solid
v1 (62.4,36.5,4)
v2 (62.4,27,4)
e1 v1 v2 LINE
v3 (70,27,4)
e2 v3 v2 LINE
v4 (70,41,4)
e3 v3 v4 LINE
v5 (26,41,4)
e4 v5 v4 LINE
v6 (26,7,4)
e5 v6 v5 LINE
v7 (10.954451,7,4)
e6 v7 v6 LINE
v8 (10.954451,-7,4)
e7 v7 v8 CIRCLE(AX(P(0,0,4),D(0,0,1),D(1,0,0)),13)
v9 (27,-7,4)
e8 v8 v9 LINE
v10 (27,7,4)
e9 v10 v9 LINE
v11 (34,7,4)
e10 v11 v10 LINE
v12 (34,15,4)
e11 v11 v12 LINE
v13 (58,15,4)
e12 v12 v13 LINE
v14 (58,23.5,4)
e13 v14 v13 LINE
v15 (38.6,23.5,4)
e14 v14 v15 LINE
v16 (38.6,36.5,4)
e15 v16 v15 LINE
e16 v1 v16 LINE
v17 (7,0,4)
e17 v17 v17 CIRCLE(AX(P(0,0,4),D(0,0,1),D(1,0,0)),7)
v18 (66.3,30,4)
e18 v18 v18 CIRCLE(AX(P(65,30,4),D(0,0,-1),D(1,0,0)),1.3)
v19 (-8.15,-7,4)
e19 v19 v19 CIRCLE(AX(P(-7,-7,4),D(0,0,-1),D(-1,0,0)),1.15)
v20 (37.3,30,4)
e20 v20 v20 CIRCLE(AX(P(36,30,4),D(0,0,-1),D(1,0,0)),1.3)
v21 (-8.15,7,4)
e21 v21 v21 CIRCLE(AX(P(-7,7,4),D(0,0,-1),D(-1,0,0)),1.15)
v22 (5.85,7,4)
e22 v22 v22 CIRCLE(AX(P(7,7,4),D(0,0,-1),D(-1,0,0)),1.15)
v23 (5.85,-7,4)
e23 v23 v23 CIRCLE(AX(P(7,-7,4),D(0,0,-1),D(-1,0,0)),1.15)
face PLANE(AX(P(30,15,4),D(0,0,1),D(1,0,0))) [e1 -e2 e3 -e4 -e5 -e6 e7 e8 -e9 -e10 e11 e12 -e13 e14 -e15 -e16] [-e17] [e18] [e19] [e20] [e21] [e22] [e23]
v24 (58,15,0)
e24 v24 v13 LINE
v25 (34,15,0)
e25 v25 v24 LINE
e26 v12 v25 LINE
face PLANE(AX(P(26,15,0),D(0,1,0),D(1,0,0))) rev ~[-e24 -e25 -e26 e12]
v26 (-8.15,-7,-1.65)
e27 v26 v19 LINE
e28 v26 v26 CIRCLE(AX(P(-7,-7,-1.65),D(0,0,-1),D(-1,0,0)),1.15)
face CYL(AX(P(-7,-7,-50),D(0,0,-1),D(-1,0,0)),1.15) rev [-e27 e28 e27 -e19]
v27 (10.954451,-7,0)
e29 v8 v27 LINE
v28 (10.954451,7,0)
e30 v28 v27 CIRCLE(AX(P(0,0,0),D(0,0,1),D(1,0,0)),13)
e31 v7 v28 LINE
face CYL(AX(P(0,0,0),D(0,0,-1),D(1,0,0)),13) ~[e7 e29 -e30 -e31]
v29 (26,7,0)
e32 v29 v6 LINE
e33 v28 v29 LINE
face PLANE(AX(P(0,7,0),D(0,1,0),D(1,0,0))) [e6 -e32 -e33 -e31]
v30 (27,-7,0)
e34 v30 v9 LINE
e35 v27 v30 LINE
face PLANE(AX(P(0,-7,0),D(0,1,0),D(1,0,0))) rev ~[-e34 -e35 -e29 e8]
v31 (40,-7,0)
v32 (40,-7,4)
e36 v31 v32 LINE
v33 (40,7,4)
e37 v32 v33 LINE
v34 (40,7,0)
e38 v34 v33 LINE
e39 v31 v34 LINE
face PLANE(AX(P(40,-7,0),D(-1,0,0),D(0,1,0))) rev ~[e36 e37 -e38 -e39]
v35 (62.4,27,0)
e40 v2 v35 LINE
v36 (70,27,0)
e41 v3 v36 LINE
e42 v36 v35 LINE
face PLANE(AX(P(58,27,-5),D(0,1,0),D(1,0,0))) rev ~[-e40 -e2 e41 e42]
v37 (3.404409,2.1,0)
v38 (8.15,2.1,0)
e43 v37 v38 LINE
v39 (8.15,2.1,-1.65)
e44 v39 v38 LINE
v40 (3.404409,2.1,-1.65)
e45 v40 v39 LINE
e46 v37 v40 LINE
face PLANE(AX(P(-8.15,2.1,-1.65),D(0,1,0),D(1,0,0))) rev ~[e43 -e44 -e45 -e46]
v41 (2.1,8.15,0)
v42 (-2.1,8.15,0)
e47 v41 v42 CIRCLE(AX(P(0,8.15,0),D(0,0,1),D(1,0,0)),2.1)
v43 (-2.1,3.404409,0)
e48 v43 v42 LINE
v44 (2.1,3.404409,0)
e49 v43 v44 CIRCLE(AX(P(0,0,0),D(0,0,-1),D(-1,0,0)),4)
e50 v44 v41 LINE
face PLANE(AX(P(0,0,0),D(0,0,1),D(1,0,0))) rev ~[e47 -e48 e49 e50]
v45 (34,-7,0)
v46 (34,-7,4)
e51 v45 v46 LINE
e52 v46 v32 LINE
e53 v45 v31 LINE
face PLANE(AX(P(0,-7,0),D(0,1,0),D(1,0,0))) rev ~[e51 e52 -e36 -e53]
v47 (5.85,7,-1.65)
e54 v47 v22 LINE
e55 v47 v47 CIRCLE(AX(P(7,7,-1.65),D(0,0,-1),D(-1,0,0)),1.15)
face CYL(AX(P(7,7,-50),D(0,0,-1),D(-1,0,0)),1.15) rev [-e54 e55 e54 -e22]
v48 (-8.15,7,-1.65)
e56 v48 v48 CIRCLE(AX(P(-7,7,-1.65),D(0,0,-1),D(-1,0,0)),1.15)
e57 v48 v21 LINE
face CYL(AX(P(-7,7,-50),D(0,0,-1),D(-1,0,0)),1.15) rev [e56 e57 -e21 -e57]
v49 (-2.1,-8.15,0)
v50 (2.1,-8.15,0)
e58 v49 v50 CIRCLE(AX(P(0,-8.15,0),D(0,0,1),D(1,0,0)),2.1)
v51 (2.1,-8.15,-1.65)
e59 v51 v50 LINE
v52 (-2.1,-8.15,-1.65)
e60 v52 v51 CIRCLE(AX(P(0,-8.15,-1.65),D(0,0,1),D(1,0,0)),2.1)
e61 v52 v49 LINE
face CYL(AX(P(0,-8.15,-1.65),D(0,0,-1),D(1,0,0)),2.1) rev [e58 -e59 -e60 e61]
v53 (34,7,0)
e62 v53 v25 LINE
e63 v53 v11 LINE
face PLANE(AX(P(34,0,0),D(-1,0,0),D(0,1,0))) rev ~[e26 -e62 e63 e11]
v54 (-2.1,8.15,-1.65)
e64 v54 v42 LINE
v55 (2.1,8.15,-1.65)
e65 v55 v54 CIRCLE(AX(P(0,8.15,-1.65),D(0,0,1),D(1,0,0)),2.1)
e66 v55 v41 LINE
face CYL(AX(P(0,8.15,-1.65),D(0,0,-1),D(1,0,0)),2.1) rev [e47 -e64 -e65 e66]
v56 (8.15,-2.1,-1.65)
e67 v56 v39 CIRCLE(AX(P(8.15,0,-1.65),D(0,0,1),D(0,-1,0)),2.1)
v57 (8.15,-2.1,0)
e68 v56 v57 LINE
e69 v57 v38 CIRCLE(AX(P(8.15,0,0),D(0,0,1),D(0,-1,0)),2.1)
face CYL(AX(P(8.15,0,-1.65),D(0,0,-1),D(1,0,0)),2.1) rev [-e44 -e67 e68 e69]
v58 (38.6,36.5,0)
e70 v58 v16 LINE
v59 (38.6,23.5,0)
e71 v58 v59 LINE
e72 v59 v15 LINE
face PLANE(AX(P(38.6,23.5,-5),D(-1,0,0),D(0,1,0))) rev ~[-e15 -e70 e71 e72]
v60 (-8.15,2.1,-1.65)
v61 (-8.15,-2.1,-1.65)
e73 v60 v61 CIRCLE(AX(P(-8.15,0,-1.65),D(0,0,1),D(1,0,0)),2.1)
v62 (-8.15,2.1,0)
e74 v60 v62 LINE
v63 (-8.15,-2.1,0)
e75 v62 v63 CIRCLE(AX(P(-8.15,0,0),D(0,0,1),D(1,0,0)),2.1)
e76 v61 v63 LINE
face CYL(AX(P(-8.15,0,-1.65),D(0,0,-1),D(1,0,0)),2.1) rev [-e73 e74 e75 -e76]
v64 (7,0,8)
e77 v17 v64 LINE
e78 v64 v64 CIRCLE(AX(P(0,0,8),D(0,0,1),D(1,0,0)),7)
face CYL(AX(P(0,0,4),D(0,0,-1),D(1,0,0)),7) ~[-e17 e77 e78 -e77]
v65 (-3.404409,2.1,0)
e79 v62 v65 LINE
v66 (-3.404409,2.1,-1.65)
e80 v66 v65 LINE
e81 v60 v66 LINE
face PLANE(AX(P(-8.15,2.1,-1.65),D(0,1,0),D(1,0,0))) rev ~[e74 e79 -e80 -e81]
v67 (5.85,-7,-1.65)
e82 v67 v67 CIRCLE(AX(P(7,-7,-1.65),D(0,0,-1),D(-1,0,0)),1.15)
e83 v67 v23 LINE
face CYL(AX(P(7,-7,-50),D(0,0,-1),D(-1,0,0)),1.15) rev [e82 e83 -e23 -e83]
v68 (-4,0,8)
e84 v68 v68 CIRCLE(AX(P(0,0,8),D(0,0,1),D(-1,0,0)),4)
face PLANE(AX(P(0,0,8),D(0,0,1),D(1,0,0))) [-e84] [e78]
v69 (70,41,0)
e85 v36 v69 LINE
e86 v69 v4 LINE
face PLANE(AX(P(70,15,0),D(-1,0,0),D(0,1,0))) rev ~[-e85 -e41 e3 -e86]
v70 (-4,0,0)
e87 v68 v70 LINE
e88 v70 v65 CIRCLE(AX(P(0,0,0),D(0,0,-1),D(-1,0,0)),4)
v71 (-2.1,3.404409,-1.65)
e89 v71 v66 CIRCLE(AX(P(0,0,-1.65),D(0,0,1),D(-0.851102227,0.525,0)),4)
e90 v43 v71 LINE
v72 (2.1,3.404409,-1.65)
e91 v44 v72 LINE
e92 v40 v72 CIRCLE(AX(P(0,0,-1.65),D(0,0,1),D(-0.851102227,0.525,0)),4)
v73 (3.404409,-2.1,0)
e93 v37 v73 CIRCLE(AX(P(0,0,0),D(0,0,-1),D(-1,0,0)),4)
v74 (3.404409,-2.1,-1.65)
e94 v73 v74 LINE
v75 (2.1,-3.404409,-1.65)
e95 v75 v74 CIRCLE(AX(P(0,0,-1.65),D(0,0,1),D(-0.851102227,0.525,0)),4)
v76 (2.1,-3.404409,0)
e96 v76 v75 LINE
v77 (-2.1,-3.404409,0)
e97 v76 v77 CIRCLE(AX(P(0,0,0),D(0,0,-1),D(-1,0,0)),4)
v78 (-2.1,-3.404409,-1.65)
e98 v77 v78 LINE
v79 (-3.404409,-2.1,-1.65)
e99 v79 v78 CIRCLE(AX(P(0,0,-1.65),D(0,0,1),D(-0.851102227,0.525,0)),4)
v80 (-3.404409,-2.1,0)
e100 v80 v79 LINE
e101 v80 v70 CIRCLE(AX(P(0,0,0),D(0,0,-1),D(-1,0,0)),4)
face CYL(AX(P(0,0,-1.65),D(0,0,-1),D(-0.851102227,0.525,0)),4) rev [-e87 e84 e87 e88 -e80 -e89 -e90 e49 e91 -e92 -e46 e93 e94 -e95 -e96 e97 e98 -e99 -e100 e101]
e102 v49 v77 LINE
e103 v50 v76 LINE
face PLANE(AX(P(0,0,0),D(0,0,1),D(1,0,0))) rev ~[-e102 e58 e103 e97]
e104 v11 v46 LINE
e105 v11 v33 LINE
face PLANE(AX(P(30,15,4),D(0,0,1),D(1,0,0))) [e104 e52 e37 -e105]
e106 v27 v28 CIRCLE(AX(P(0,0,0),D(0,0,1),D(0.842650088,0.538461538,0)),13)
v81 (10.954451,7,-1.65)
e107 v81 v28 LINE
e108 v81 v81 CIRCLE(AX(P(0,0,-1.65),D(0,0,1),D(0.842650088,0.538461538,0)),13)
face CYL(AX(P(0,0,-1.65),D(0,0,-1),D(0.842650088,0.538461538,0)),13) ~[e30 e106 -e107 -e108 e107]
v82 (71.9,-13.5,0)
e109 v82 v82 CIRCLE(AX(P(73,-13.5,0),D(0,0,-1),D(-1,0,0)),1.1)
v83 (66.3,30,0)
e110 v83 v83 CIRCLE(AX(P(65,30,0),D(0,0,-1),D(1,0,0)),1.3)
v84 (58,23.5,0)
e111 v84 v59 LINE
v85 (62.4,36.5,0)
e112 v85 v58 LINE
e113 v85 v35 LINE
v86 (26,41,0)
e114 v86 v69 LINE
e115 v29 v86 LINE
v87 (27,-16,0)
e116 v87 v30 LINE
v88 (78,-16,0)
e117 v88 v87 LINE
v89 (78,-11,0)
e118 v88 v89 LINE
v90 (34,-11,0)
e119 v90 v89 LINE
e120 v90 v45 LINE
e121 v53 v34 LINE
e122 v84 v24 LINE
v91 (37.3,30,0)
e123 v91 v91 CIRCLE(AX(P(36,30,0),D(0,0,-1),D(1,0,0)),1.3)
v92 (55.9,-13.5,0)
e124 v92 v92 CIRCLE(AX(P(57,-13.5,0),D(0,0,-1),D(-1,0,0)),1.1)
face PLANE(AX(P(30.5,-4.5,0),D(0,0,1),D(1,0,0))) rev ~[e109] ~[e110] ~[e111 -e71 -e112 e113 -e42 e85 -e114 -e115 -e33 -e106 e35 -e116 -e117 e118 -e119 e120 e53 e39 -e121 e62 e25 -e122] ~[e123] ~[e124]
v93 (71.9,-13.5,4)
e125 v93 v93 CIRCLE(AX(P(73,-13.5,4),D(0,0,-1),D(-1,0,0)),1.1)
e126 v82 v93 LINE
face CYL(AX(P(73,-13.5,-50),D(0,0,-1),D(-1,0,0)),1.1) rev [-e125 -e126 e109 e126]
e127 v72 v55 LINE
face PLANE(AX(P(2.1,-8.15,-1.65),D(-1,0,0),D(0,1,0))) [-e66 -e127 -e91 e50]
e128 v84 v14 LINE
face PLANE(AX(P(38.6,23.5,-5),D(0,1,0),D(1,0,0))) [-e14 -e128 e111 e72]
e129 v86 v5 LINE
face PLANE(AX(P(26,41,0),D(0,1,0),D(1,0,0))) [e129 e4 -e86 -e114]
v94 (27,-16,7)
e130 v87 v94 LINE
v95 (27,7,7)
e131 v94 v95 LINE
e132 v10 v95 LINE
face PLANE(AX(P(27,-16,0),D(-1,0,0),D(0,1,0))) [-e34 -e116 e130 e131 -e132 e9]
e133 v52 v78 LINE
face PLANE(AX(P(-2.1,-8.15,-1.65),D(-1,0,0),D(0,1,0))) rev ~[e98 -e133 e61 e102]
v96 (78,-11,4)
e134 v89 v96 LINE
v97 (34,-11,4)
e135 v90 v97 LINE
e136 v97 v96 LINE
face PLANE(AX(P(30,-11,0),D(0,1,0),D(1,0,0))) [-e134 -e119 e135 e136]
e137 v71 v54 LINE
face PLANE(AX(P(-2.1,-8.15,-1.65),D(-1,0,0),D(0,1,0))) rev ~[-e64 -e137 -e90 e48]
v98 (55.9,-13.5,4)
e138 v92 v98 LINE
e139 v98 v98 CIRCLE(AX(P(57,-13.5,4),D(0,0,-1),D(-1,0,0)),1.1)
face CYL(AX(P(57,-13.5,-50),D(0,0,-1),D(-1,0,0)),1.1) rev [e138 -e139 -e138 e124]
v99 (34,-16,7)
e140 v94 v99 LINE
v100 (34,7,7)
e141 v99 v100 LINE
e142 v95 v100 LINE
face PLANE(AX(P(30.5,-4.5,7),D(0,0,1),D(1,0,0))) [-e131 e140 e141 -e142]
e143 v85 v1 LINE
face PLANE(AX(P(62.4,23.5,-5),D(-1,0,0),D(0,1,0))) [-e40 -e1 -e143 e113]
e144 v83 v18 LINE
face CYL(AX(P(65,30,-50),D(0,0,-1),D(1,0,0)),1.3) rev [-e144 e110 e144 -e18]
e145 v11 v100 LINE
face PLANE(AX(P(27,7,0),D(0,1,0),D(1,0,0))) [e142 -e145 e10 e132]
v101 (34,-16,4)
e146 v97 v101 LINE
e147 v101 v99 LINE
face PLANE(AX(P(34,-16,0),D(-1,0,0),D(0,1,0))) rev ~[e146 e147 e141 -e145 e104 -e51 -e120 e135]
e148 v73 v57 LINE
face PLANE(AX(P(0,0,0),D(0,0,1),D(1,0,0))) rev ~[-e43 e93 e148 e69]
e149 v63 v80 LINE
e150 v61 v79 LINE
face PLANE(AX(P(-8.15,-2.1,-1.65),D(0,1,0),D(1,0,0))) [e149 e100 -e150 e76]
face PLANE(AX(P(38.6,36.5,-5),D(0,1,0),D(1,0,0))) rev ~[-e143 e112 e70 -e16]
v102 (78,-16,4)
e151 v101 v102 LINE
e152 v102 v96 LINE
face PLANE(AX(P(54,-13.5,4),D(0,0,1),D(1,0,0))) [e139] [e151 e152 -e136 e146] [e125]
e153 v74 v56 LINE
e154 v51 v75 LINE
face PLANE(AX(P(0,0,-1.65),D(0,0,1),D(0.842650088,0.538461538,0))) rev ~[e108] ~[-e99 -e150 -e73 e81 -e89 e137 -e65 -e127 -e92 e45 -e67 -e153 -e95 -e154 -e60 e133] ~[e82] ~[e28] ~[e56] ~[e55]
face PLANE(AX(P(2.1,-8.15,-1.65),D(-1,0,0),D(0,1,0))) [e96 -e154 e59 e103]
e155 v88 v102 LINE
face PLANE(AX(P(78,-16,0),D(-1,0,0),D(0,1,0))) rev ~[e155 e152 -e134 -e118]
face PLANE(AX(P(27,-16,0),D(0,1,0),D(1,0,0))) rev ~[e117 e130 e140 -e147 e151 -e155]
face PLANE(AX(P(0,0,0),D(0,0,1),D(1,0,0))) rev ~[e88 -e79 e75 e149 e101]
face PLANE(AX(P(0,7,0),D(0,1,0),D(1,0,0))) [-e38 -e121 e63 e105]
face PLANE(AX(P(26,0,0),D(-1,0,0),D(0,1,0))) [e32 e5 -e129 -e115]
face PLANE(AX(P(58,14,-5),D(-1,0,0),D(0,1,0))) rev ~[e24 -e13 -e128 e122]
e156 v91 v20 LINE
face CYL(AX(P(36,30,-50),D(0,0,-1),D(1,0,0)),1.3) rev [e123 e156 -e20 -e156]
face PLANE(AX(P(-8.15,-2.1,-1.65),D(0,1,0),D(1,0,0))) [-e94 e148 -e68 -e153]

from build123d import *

# Parameters (mm, degrees)
ELBOW_HORN_FLANGE_PROFILE_R          = 13
ELBOW_HORN_FLANGE_DEPTH              = 4
FOREARM_WEB_PROFILE_W                = 40
FOREARM_WEB_PROFILE_H                = 14
FOREARM_WEB_DEPTH                    = 4
GRIPPER_MOUNT_RIB_PROFILE_W          = 8
GRIPPER_MOUNT_RIB_PROFILE_H          = 30
GRIPPER_MOUNT_RIB_DEPTH              = 4
GRIPPER_SERVO_MOUNT_PROFILE_W        = 44
GRIPPER_SERVO_MOUNT_PROFILE_H        = 26
GRIPPER_SERVO_MOUNT_DEPTH            = 4
GRIP_SG90_BODY_CLEARANCE_START       = -5
GRIP_SG90_BODY_CLEARANCE_PROFILE_W   = 23.8
GRIP_SG90_BODY_CLEARANCE_PROFILE_H   = 13
GRIP_SG90_BODY_CLEARANCE_DEPTH       = 87.221918224
MOVING_FINGER_SWEEP_RELIEF_START     = -5
MOVING_FINGER_SWEEP_RELIEF_PROFILE_W = 13
MOVING_FINGER_SWEEP_RELIEF_PROFILE_H = 13
MOVING_FINGER_SWEEP_RELIEF_DEPTH     = 87.221918224
GRIP_SERVO_TAB_FASTENERS_START       = -50
GRIP_SERVO_TAB_FASTENERS_PROFILE_R   = 1.3
GRIP_SERVO_TAB_FASTENERS_DEPTH       = 132.221918224
FIXED_FINGER_SPINE_PROFILE_W         = 48
FIXED_FINGER_SPINE_PROFILE_H         = 5
FIXED_FINGER_SPINE_DEPTH             = 4
FIXED_FINGER_ROOT_PROFILE_W          = 7
FIXED_FINGER_ROOT_PROFILE_H          = 23
FIXED_FINGER_ROOT_DEPTH              = 7
ELBOW_CENTER_SCREW_ACCESS_START      = -50
ELBOW_CENTER_SCREW_ACCESS_PROFILE_R  = 4
ELBOW_CENTER_SCREW_ACCESS_DEPTH      = 139.396832522
ELBOW_DOWEL_SUPPORT_HUB_START        = 4
ELBOW_DOWEL_SUPPORT_HUB_PROFILE_R    = 7
ELBOW_DOWEL_SUPPORT_HUB_PROFILE_R_2  = 4
ELBOW_DOWEL_SUPPORT_HUB_DEPTH        = 4
CAPTURED_HORN_KEY_BOSS_START         = -1.65
CAPTURED_HORN_KEY_BOSS_PROFILE_R     = 13
CAPTURED_HORN_KEY_BOSS_DEPTH         = 1.65
KEY_POCKET_HUB_START                 = -1.65
STOCK_HORN_POCKET_HUB_R              = 3.55
KEY_POCKET_HUB_DEPTH                 = 1.65
KEY_POCKET_HORIZONTAL_START          = -1.65
STOCK_HORN_POCKET_HORIZONTAL_W       = 16.3
STOCK_HORN_POCKET_HORIZONTAL_H       = 4.2
KEY_POCKET_HORIZONTAL_DEPTH          = 1.65
KEY_POCKET_VERTICAL_START            = -1.65
STOCK_HORN_POCKET_VERTICAL_W         = 4.2
STOCK_HORN_POCKET_VERTICAL_H         = 16.3
KEY_POCKET_VERTICAL_DEPTH            = 1.65
KEY_POCKET_ROUNDED_TIPS_START        = -1.65
STOCK_HORN_POCKET_ROUNDED_TIPS_R     = 2.1
KEY_POCKET_ROUNDED_TIPS_DEPTH        = 1.65
UNMODIFIED_HORN_CAPTURE_M2_START     = -50
UNMODIFIED_HORN_CAPTURE_M2_PROFILE_R = 1.15
UNMODIFIED_HORN_CAPTURE_M2_DEPTH     = 139.481636513
HUB_CLEARANCE_IN_KEY_BOSS_ONLY_START = -1.65
HORN_CENTER_HUB_CLEARANCE_R          = 4
HUB_CLEARANCE_IN_KEY_BOSS_ONLY_DEPTH = 1.65
FIXED_PAD_KEEPER_FASTENERS_START     = -50
FIXED_PAD_KEEPER_FASTENERS_PROFILE_R = 1.1
FIXED_PAD_KEEPER_FASTENERS_DEPTH     = 139.481636513


with BuildPart() as part:
    # Elbow_horn_flange_profile → Elbow_horn_flange (new body)
    with BuildSketch(Plane.XY):
        Circle(ELBOW_HORN_FLANGE_PROFILE_R)
    extrude(amount=ELBOW_HORN_FLANGE_DEPTH)

    # Forearm_web_profile → Forearm_web (add)
    with BuildSketch(Plane.XY):
        with Locations((20, 0)):
            Rectangle(FOREARM_WEB_PROFILE_W, FOREARM_WEB_PROFILE_H)
    extrude(amount=FOREARM_WEB_DEPTH)

    # Gripper_mount_rib_profile → Gripper_mount_rib (add)
    with BuildSketch(Plane.XY):
        with Locations((30, 15)):
            Rectangle(GRIPPER_MOUNT_RIB_PROFILE_W, GRIPPER_MOUNT_RIB_PROFILE_H)
    extrude(amount=GRIPPER_MOUNT_RIB_DEPTH)

    # Gripper_servo_mount_profile → Gripper_servo_mount (add)
    with BuildSketch(Plane.XY):
        with Locations((48, 28)):
            Rectangle(GRIPPER_SERVO_MOUNT_PROFILE_W, GRIPPER_SERVO_MOUNT_PROFILE_H)
    extrude(amount=GRIPPER_SERVO_MOUNT_DEPTH)

    # Grip_SG90_body_clearance_profile → Grip_SG90_body_clearance (cut, through all)
    with BuildSketch(Plane.XY.offset(GRIP_SG90_BODY_CLEARANCE_START)):
        with Locations((50.5, 30)):
            Rectangle(GRIP_SG90_BODY_CLEARANCE_PROFILE_W, GRIP_SG90_BODY_CLEARANCE_PROFILE_H)
    extrude(amount=GRIP_SG90_BODY_CLEARANCE_DEPTH, mode=Mode.SUBTRACT)

    # Moving_finger_sweep_relief_profile → Moving_finger_sweep_relief (cut, through all)
    with BuildSketch(Plane.XY.offset(MOVING_FINGER_SWEEP_RELIEF_START)):
        with Locations((64.5, 20.5)):
            Rectangle(MOVING_FINGER_SWEEP_RELIEF_PROFILE_W, MOVING_FINGER_SWEEP_RELIEF_PROFILE_H)
    extrude(amount=MOVING_FINGER_SWEEP_RELIEF_DEPTH, mode=Mode.SUBTRACT)

    # Grip_servo_tab_fasteners_profile → Grip_servo_tab_fasteners (cut, through all)
    with BuildSketch(Plane.XY.offset(GRIP_SERVO_TAB_FASTENERS_START)):
        with Locations((36, 30)):
            Circle(GRIP_SERVO_TAB_FASTENERS_PROFILE_R)
        with Locations((65, 30)):
            Circle(GRIP_SERVO_TAB_FASTENERS_PROFILE_R)
    extrude(amount=GRIP_SERVO_TAB_FASTENERS_DEPTH, mode=Mode.SUBTRACT)



with BuildPart() as body_2:
    # Fixed_finger_spine_profile → Fixed_finger_spine (new body)
    with BuildSketch(Plane.XY):
        with Locations((54, -13.5)):
            Rectangle(FIXED_FINGER_SPINE_PROFILE_W, FIXED_FINGER_SPINE_PROFILE_H)
    extrude(amount=FIXED_FINGER_SPINE_DEPTH)


with BuildPart() as part_1:
    add(part.part)

    add(body_2.part)  # Fixed_finger_root merges body 2
    # Fixed_finger_root_profile → Fixed_finger_root (add)
    with BuildSketch(Plane.XY):
        with Locations((30.5, -4.5)):
            Rectangle(FIXED_FINGER_ROOT_PROFILE_W, FIXED_FINGER_ROOT_PROFILE_H)
    extrude(amount=FIXED_FINGER_ROOT_DEPTH)

    # Elbow_center_screw_access_profile → Elbow_center_screw_access (cut, through all)
    with BuildSketch(Plane.XY.offset(ELBOW_CENTER_SCREW_ACCESS_START)):
        with Locations(Location((0, 0, 0), (0, 0, 180))):
            Circle(ELBOW_CENTER_SCREW_ACCESS_PROFILE_R)
    extrude(amount=ELBOW_CENTER_SCREW_ACCESS_DEPTH, mode=Mode.SUBTRACT)

    # Elbow_dowel_support_hub_profile → Elbow_dowel_support_hub (add)
    with BuildSketch(Plane.XY.offset(ELBOW_DOWEL_SUPPORT_HUB_START)):
        Circle(ELBOW_DOWEL_SUPPORT_HUB_PROFILE_R)
        with Locations(Location((0, 0, 0), (0, 0, 180))):
            Circle(ELBOW_DOWEL_SUPPORT_HUB_PROFILE_R_2, mode=Mode.SUBTRACT)
    extrude(amount=ELBOW_DOWEL_SUPPORT_HUB_DEPTH)

    # Captured_horn_key_boss_profile → Captured_horn_key_boss (add)
    with BuildSketch(Plane.XY.offset(CAPTURED_HORN_KEY_BOSS_START)):
        with Locations(Location((0, 0, 0), (0, 0, 32.578970393))):
            Circle(CAPTURED_HORN_KEY_BOSS_PROFILE_R)
    extrude(amount=CAPTURED_HORN_KEY_BOSS_DEPTH)

    # Stock_horn_pocket_Hub → Key_pocket_Hub (cut)
    with BuildSketch(Plane.XY.offset(KEY_POCKET_HUB_START)):
        Circle(STOCK_HORN_POCKET_HUB_R)
    extrude(amount=KEY_POCKET_HUB_DEPTH, mode=Mode.SUBTRACT)

    # Stock_horn_pocket_Horizontal → Key_pocket_Horizontal (cut)
    with BuildSketch(Plane.XY.offset(KEY_POCKET_HORIZONTAL_START)):
        Rectangle(STOCK_HORN_POCKET_HORIZONTAL_W, STOCK_HORN_POCKET_HORIZONTAL_H)
    extrude(amount=KEY_POCKET_HORIZONTAL_DEPTH, mode=Mode.SUBTRACT)

    # Stock_horn_pocket_Vertical → Key_pocket_Vertical (cut)
    with BuildSketch(Plane.XY.offset(KEY_POCKET_VERTICAL_START)):
        Rectangle(STOCK_HORN_POCKET_VERTICAL_W, STOCK_HORN_POCKET_VERTICAL_H)
    extrude(amount=KEY_POCKET_VERTICAL_DEPTH, mode=Mode.SUBTRACT)

    # Stock_horn_pocket_Rounded_tips → Key_pocket_Rounded_tips (cut)
    with BuildSketch(Plane.XY.offset(KEY_POCKET_ROUNDED_TIPS_START)):
        with Locations((8.15, 0)):
            Circle(STOCK_HORN_POCKET_ROUNDED_TIPS_R)
        with Locations((-8.15, 0)):
            Circle(STOCK_HORN_POCKET_ROUNDED_TIPS_R)
        with Locations((0, 8.15)):
            Circle(STOCK_HORN_POCKET_ROUNDED_TIPS_R)
        with Locations((0, -8.15)):
            Circle(STOCK_HORN_POCKET_ROUNDED_TIPS_R)
    extrude(amount=KEY_POCKET_ROUNDED_TIPS_DEPTH, mode=Mode.SUBTRACT)

    # Unmodified_horn_capture_M2_profile → Unmodified_horn_capture_M2 (cut, through all)
    with BuildSketch(Plane.XY.offset(UNMODIFIED_HORN_CAPTURE_M2_START)):
        with Locations(Location((7, 7, 0), (0, 0, 180))):
            Circle(UNMODIFIED_HORN_CAPTURE_M2_PROFILE_R)
        with Locations(Location((-7, 7, 0), (0, 0, 180))):
            Circle(UNMODIFIED_HORN_CAPTURE_M2_PROFILE_R)
        with Locations(Location((-7, -7, 0), (0, 0, 180))):
            Circle(UNMODIFIED_HORN_CAPTURE_M2_PROFILE_R)
        with Locations(Location((7, -7, 0), (0, 0, 180))):
            Circle(UNMODIFIED_HORN_CAPTURE_M2_PROFILE_R)
    extrude(amount=UNMODIFIED_HORN_CAPTURE_M2_DEPTH, mode=Mode.SUBTRACT)

    # Horn_center_hub_clearance → Hub_clearance_in_key_boss_only (cut)
    with BuildSketch(Plane.XY.offset(HUB_CLEARANCE_IN_KEY_BOSS_ONLY_START)):
        with Locations(Location((0, 0, 0), (0, 0, 148.331756746))):
            Circle(HORN_CENTER_HUB_CLEARANCE_R)
    extrude(amount=HUB_CLEARANCE_IN_KEY_BOSS_ONLY_DEPTH, mode=Mode.SUBTRACT)

    # Fixed_pad_keeper_fasteners_profile → Fixed_pad_keeper_fasteners (cut, through all)
    with BuildSketch(Plane.XY.offset(FIXED_PAD_KEEPER_FASTENERS_START)):
        with Locations(Location((57, -13.5, 0), (0, 0, 180))):
            Circle(FIXED_PAD_KEEPER_FASTENERS_PROFILE_R)
        with Locations(Location((73, -13.5, 0), (0, 0, 180))):
            Circle(FIXED_PAD_KEEPER_FASTENERS_PROFILE_R)
    extrude(amount=FIXED_PAD_KEEPER_FASTENERS_DEPTH, mode=Mode.SUBTRACT)


solid = part_1.part
